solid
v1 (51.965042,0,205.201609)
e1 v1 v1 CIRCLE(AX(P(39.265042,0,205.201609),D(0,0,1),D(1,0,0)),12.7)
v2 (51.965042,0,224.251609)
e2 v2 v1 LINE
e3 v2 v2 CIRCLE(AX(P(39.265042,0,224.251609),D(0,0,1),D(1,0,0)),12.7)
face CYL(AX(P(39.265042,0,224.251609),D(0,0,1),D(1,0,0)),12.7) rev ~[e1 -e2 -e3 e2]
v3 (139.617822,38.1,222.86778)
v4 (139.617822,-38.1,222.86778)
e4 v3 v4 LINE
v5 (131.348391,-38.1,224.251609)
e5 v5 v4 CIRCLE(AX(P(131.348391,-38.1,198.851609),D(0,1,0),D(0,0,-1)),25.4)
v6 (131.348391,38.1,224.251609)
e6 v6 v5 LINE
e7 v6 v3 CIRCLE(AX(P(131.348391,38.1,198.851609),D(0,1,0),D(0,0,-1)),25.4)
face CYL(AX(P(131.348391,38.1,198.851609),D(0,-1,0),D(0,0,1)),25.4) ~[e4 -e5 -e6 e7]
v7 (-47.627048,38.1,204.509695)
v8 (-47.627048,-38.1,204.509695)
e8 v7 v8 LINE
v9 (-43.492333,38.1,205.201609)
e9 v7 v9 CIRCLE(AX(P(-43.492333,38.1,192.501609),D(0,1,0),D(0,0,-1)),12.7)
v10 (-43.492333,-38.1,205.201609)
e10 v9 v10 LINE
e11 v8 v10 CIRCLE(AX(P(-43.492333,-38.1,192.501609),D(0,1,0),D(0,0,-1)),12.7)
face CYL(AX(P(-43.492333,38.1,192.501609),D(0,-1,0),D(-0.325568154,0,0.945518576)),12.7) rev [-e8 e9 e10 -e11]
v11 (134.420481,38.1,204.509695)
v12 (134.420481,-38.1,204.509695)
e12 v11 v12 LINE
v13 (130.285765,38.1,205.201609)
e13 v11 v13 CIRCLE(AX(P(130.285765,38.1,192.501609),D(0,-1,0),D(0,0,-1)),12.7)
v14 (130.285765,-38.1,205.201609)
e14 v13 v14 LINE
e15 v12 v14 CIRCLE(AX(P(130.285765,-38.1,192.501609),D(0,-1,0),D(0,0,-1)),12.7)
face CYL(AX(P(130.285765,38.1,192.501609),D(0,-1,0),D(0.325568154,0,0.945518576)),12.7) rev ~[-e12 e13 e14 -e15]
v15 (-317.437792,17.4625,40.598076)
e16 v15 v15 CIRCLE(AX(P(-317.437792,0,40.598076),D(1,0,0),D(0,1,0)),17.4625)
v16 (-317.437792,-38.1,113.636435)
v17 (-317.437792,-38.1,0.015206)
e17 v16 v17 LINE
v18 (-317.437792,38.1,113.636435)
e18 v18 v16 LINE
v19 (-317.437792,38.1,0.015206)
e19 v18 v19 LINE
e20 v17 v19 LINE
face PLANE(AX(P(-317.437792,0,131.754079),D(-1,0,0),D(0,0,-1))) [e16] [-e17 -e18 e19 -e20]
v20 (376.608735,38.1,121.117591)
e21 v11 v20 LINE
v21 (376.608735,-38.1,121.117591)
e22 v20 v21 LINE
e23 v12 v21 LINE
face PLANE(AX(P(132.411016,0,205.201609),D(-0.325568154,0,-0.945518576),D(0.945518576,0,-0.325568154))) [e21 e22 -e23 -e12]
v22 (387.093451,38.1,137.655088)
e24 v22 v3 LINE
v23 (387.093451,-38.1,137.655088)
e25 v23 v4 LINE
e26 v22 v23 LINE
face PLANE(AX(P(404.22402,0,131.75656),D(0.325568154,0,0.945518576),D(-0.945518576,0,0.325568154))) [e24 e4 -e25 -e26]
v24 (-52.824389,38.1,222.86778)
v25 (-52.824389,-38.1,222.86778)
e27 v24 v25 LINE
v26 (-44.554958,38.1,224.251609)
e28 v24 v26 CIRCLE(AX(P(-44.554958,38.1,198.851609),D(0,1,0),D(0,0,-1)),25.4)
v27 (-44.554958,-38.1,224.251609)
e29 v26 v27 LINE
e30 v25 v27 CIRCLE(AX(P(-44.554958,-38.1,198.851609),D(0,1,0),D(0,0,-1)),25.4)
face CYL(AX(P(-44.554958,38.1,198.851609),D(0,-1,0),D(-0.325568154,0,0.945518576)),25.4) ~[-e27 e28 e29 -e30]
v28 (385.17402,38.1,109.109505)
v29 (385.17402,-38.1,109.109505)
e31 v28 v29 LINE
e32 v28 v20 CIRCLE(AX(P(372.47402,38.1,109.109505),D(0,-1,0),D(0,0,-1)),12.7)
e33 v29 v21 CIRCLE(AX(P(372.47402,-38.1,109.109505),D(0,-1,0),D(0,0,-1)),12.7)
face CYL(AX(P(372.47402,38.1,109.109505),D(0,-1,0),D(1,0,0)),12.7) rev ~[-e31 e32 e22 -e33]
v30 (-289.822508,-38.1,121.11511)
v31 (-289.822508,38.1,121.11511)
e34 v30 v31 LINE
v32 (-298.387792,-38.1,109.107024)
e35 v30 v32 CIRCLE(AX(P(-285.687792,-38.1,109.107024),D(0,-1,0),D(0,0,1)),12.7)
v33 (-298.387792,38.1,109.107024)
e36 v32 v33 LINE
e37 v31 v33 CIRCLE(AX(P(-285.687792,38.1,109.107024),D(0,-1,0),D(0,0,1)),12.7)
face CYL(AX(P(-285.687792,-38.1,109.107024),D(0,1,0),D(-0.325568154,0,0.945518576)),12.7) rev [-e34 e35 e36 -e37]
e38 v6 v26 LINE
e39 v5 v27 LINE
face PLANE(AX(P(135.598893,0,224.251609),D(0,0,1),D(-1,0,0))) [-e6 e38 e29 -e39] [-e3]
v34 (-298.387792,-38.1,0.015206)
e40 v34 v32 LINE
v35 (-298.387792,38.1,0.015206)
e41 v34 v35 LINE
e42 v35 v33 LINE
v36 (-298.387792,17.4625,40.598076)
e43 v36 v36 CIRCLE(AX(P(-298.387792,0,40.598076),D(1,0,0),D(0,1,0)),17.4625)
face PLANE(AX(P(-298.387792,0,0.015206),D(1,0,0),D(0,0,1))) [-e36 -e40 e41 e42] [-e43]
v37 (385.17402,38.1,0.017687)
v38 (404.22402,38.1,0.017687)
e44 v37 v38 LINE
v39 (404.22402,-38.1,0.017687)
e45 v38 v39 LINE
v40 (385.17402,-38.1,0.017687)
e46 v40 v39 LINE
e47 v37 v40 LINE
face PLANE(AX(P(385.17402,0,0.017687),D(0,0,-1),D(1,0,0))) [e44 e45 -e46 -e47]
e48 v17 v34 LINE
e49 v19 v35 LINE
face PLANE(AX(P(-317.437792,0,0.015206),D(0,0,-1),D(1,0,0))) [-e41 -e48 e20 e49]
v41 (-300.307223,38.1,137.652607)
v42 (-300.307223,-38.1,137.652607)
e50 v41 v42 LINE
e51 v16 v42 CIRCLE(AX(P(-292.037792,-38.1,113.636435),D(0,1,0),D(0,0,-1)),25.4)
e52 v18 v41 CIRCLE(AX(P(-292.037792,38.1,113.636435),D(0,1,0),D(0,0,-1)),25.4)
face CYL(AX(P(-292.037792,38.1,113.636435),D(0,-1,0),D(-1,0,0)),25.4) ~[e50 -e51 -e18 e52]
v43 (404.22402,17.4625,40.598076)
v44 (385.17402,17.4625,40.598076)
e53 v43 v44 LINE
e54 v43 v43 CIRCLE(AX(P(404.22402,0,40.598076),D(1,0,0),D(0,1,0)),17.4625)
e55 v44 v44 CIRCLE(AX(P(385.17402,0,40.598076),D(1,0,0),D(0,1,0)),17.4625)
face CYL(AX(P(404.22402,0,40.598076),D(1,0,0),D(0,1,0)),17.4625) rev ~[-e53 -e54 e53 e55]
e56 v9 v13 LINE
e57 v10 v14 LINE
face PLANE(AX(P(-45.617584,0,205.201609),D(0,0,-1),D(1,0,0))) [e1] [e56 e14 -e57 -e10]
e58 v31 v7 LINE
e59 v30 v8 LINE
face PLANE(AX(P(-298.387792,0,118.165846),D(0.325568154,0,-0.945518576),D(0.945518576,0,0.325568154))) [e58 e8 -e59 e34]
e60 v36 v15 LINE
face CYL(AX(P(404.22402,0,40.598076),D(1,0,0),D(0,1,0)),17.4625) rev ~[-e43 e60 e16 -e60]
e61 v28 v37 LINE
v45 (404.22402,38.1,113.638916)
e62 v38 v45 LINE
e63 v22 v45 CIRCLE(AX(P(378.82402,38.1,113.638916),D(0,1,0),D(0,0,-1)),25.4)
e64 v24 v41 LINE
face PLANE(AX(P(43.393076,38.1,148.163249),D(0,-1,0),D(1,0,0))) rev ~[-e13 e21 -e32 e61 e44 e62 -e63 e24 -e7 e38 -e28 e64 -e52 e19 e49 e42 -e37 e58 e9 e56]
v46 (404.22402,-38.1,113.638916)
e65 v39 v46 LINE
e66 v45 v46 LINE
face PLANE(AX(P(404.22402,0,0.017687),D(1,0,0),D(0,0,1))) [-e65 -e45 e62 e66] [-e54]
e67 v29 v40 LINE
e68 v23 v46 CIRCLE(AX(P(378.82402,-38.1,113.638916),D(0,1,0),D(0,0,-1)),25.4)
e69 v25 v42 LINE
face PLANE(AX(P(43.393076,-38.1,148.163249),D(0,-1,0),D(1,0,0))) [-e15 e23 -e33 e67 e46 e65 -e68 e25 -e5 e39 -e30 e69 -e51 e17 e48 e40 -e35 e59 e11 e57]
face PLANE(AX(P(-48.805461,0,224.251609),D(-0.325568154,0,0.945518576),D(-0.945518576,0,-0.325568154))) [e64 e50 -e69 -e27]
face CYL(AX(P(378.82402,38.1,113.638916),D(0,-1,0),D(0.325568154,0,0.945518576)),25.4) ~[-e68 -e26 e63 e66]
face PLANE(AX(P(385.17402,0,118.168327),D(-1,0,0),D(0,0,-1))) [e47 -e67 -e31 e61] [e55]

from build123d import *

# Parameters (mm, degrees)
F1_DEPTH = 38.1
F2_R     = 12.7
F3_R     = 25.4
F4_R     = 17.4625
F5_DEPTH = 721.6628119641
F6_R     = 12.7
F7_DEPTH = 224.2374025718


with BuildPart() as f1:
    # F0 (on Front) → F1 (new body, symmetric)
    with BuildSketch(Plane.XZ):
        Polygon((-298.3877922661, 118.1658460197), (-45.6175838582, 205.2016085916), (132.4110161418, 205.2016085916), (385.1740196981, 118.1683268491), (385.1740196981, 0.0176868491), (404.2240196981, 0.0176868491), (404.2240196981, 131.7565597925), (135.5988928448, 224.2516085916), (-48.8054605612, 224.2516085916), (-317.4377922661, 131.7540789632), (-317.4377922661, 0.0152060197), (-298.3877922661, 0.0152060197), align=None)
    extrude(amount=F1_DEPTH, both=True)

    # F2
    f2_edges = [f1.edges().sort_by_distance(p)[0] for p in [
        (-298.387792, 0, 118.165846),
        (-45.617584, 0, 205.201609),
        (132.411016, 0, 205.201609),
        (385.17402, 0, 118.168327),
    ]]
    fillet(f2_edges, radius=F2_R)

    # F3
    f3_edges = [f1.edges().sort_by_distance(p)[0] for p in [
        (-317.437792, 0, 131.754079),
        (-48.805461, 0, 224.251609),
        (135.598893, 0, 224.251609),
        (404.22402, 0, 131.75656),
    ]]
    fillet(f3_edges, radius=F3_R)

    # F4 (on face) → F5 (cut, through all)
    with BuildSketch(Plane.YZ.offset(404.2240196981)):
        with Locations((0, 40.5980758369)):
            Circle(F4_R)
    extrude(amount=-F5_DEPTH, mode=Mode.SUBTRACT)

    # F6 (on face) → F7 (cut, through all)
    with BuildSketch(Plane.XY.offset(224.2516085916)):
        with Locations((39.2650417094, 0)):
            Circle(F6_R)
    extrude(amount=-F7_DEPTH, mode=Mode.SUBTRACT)


solid = f1.part
